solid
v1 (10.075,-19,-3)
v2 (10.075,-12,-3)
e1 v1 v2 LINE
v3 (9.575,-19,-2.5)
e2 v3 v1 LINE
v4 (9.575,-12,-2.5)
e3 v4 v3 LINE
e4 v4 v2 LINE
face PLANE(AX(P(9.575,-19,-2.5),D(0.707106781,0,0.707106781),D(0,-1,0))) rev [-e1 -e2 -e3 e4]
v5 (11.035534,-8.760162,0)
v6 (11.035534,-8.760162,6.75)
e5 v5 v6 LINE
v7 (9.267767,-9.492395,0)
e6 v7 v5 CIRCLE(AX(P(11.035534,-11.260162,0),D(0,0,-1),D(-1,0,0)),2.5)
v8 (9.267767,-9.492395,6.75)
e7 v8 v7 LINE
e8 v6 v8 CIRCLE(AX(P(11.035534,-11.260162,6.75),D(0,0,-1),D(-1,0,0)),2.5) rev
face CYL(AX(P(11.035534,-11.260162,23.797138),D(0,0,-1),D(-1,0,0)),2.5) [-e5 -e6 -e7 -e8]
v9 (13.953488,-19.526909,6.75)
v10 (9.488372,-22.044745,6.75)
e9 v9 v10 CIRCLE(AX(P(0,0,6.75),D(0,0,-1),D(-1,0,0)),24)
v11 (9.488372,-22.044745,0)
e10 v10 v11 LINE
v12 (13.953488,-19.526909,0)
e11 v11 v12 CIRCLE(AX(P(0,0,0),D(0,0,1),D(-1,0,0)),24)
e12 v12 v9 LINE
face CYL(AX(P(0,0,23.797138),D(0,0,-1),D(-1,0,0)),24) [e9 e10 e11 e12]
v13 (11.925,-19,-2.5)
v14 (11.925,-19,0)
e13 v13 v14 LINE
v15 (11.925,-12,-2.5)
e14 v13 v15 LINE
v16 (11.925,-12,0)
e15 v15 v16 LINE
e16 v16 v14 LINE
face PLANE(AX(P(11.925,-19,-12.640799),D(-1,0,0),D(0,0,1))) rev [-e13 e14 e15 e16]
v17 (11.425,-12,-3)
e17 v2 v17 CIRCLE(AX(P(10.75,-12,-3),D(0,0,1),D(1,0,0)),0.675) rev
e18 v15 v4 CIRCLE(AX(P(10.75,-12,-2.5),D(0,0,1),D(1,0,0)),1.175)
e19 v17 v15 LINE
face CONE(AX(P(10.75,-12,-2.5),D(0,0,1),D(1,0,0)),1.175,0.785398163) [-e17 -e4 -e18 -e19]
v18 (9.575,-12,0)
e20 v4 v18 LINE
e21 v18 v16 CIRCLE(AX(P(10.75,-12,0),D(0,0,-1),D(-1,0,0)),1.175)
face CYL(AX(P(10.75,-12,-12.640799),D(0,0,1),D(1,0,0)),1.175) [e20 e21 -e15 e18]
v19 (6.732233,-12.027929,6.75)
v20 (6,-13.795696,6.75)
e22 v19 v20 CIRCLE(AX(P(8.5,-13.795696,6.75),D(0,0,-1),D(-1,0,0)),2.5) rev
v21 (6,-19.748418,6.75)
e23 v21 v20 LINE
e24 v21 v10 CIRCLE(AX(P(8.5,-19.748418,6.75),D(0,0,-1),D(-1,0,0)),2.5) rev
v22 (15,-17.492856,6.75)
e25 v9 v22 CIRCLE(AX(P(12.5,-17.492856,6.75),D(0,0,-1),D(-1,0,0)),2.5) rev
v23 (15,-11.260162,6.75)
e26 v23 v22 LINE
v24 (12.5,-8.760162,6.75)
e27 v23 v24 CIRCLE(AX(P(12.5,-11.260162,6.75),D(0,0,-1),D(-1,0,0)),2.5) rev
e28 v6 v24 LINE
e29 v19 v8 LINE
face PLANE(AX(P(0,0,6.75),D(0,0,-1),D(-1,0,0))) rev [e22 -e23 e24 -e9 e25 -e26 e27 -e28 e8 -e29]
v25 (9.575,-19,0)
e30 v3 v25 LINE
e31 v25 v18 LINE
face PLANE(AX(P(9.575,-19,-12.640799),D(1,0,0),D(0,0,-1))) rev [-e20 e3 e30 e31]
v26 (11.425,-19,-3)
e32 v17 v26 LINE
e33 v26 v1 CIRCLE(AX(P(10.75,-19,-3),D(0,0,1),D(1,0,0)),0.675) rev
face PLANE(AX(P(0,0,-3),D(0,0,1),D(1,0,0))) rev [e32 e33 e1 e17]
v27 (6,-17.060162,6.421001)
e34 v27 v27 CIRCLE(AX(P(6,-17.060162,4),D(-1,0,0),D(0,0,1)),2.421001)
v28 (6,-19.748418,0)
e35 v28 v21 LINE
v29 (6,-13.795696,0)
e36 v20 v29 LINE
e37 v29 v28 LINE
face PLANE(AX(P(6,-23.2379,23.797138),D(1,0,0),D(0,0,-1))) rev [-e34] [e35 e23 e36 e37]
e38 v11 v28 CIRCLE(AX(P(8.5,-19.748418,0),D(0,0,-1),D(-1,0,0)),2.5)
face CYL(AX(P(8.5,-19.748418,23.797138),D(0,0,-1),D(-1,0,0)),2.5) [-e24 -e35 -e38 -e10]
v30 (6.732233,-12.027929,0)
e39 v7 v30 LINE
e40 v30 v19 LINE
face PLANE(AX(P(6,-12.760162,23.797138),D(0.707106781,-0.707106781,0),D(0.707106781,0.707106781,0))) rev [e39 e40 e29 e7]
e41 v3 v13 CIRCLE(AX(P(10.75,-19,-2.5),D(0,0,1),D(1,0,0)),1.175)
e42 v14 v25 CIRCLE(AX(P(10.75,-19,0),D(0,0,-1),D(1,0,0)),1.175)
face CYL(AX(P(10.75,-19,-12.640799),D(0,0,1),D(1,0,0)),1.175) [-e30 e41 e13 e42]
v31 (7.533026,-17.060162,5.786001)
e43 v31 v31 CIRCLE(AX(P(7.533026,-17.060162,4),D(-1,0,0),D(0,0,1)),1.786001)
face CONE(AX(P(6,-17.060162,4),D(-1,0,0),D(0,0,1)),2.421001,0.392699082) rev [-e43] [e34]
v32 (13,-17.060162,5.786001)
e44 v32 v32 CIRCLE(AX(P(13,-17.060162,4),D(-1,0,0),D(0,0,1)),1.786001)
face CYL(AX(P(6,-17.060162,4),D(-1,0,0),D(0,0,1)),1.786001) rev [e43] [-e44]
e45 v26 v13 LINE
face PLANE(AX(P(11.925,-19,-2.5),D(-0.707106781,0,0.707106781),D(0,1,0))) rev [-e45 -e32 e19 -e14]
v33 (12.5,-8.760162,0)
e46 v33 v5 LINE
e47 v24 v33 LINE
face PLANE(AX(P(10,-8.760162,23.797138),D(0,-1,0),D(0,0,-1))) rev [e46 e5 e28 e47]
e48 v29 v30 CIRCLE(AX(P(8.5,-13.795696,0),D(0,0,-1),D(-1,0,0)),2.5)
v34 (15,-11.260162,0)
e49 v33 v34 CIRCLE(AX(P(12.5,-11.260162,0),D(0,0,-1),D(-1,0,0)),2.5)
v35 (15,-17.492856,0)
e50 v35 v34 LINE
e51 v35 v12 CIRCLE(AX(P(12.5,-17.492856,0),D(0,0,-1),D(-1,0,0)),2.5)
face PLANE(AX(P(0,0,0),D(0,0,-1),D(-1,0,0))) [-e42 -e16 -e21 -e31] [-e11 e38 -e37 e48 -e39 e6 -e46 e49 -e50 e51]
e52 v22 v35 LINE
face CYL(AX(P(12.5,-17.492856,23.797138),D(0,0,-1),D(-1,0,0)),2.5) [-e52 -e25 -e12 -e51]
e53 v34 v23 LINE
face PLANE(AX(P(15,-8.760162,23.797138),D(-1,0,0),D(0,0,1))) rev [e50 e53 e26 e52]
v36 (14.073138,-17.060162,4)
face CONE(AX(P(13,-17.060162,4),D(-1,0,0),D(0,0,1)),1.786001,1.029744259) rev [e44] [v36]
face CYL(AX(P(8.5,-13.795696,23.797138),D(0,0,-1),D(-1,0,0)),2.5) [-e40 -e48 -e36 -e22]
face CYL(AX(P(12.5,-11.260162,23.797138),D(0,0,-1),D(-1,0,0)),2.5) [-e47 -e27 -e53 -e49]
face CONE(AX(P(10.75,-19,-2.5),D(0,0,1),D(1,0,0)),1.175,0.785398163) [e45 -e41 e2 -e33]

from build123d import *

# Parameters (mm, degrees)
BODY_DEPTH                                = 6.75
FILLET1_R                                 = 2.5
F_9_64_0_14063_DIAMETER_HOLE1_D           = 3.572002
F_9_64_0_14063_DIAMETER_HOLE1_DEPTH       = 7
F_9_64_0_14063_DIAMETER_HOLE1_CSINK_D     = 4.842002
F_9_64_0_14063_DIAMETER_HOLE1_CSINK_ANGLE = 45
F_9_64_0_14063_DIAMETER_HOLE1_TIP         = 1.073137666
MOUNT_PEG_DEPTH                           = 3
PEG_CHAMFER_SIZE                          = 0.5


with BuildPart() as part:
    # Sketch1 → body (new body)
    with BuildSketch(Plane.XY):
        with BuildLine():
            Line((6, -23.237900077), (6, -12.760161762))
            Line((6, -12.760161762), (10, -8.760161762))
            Line((10, -8.760161762), (15, -8.760161762))
            Line((15, -8.760161762), (15, -18.734993995))
            ThreePointArc((15, -18.734993995), (10.738670346, -21.463479662), (6, -23.237900077))
        make_face()
    extrude(amount=BODY_DEPTH)

    # Fillet1
    fillet1_edges = [part.edges().sort_by_distance(p)[0] for p in [
        (6, -23.237900077, 3.375),
        (6, -12.760161762, 3.375),
        (10, -8.760161762, 3.375),
        (15, -8.760161762, 3.375),
        (15, -18.734993995, 3.375),
    ]]
    fillet(fillet1_edges, radius=FILLET1_R)

    # 9/64 (0.14063) Diameter Hole1
    with Locations(Plane.ZY.offset(-6)):
        with Locations((4, -17.060161762)):
            CounterSinkHole(F_9_64_0_14063_DIAMETER_HOLE1_D / 2, F_9_64_0_14063_DIAMETER_HOLE1_CSINK_D / 2, depth=F_9_64_0_14063_DIAMETER_HOLE1_DEPTH, counter_sink_angle=F_9_64_0_14063_DIAMETER_HOLE1_CSINK_ANGLE)
            with Locations((0, 0, -(F_9_64_0_14063_DIAMETER_HOLE1_DEPTH + F_9_64_0_14063_DIAMETER_HOLE1_TIP / 2))):  # 118° drill point
                Cone(0, F_9_64_0_14063_DIAMETER_HOLE1_D / 2, F_9_64_0_14063_DIAMETER_HOLE1_TIP, mode=Mode.SUBTRACT)

    # Sketch4 → mount peg (add)
    with BuildSketch(Plane(origin=(0, 0, 0), x_dir=(-1, 0, 0), z_dir=(0, 0, -1))):
        with BuildLine():
            Line((-9.575, -19), (-9.575, -12))
            ThreePointArc((-9.575, -12), (-10.75, -10.825), (-11.925, -12))
            Line((-11.925, -12), (-11.925, -19))
            ThreePointArc((-11.925, -19), (-10.75, -20.175), (-9.575, -19))
        make_face()
    extrude(amount=MOUNT_PEG_DEPTH)

    # peg chamfer
    peg_chamfer_edges = [part.edges().sort_by_distance(p)[0] for p in [
        (11.925, -15.5, -3),
        (10.75, -10.825, -3),
        (9.575, -15.5, -3),
        (10.75, -20.175, -3),
    ]]
    chamfer(peg_chamfer_edges, length=PEG_CHAMFER_SIZE)


solid = part.part
